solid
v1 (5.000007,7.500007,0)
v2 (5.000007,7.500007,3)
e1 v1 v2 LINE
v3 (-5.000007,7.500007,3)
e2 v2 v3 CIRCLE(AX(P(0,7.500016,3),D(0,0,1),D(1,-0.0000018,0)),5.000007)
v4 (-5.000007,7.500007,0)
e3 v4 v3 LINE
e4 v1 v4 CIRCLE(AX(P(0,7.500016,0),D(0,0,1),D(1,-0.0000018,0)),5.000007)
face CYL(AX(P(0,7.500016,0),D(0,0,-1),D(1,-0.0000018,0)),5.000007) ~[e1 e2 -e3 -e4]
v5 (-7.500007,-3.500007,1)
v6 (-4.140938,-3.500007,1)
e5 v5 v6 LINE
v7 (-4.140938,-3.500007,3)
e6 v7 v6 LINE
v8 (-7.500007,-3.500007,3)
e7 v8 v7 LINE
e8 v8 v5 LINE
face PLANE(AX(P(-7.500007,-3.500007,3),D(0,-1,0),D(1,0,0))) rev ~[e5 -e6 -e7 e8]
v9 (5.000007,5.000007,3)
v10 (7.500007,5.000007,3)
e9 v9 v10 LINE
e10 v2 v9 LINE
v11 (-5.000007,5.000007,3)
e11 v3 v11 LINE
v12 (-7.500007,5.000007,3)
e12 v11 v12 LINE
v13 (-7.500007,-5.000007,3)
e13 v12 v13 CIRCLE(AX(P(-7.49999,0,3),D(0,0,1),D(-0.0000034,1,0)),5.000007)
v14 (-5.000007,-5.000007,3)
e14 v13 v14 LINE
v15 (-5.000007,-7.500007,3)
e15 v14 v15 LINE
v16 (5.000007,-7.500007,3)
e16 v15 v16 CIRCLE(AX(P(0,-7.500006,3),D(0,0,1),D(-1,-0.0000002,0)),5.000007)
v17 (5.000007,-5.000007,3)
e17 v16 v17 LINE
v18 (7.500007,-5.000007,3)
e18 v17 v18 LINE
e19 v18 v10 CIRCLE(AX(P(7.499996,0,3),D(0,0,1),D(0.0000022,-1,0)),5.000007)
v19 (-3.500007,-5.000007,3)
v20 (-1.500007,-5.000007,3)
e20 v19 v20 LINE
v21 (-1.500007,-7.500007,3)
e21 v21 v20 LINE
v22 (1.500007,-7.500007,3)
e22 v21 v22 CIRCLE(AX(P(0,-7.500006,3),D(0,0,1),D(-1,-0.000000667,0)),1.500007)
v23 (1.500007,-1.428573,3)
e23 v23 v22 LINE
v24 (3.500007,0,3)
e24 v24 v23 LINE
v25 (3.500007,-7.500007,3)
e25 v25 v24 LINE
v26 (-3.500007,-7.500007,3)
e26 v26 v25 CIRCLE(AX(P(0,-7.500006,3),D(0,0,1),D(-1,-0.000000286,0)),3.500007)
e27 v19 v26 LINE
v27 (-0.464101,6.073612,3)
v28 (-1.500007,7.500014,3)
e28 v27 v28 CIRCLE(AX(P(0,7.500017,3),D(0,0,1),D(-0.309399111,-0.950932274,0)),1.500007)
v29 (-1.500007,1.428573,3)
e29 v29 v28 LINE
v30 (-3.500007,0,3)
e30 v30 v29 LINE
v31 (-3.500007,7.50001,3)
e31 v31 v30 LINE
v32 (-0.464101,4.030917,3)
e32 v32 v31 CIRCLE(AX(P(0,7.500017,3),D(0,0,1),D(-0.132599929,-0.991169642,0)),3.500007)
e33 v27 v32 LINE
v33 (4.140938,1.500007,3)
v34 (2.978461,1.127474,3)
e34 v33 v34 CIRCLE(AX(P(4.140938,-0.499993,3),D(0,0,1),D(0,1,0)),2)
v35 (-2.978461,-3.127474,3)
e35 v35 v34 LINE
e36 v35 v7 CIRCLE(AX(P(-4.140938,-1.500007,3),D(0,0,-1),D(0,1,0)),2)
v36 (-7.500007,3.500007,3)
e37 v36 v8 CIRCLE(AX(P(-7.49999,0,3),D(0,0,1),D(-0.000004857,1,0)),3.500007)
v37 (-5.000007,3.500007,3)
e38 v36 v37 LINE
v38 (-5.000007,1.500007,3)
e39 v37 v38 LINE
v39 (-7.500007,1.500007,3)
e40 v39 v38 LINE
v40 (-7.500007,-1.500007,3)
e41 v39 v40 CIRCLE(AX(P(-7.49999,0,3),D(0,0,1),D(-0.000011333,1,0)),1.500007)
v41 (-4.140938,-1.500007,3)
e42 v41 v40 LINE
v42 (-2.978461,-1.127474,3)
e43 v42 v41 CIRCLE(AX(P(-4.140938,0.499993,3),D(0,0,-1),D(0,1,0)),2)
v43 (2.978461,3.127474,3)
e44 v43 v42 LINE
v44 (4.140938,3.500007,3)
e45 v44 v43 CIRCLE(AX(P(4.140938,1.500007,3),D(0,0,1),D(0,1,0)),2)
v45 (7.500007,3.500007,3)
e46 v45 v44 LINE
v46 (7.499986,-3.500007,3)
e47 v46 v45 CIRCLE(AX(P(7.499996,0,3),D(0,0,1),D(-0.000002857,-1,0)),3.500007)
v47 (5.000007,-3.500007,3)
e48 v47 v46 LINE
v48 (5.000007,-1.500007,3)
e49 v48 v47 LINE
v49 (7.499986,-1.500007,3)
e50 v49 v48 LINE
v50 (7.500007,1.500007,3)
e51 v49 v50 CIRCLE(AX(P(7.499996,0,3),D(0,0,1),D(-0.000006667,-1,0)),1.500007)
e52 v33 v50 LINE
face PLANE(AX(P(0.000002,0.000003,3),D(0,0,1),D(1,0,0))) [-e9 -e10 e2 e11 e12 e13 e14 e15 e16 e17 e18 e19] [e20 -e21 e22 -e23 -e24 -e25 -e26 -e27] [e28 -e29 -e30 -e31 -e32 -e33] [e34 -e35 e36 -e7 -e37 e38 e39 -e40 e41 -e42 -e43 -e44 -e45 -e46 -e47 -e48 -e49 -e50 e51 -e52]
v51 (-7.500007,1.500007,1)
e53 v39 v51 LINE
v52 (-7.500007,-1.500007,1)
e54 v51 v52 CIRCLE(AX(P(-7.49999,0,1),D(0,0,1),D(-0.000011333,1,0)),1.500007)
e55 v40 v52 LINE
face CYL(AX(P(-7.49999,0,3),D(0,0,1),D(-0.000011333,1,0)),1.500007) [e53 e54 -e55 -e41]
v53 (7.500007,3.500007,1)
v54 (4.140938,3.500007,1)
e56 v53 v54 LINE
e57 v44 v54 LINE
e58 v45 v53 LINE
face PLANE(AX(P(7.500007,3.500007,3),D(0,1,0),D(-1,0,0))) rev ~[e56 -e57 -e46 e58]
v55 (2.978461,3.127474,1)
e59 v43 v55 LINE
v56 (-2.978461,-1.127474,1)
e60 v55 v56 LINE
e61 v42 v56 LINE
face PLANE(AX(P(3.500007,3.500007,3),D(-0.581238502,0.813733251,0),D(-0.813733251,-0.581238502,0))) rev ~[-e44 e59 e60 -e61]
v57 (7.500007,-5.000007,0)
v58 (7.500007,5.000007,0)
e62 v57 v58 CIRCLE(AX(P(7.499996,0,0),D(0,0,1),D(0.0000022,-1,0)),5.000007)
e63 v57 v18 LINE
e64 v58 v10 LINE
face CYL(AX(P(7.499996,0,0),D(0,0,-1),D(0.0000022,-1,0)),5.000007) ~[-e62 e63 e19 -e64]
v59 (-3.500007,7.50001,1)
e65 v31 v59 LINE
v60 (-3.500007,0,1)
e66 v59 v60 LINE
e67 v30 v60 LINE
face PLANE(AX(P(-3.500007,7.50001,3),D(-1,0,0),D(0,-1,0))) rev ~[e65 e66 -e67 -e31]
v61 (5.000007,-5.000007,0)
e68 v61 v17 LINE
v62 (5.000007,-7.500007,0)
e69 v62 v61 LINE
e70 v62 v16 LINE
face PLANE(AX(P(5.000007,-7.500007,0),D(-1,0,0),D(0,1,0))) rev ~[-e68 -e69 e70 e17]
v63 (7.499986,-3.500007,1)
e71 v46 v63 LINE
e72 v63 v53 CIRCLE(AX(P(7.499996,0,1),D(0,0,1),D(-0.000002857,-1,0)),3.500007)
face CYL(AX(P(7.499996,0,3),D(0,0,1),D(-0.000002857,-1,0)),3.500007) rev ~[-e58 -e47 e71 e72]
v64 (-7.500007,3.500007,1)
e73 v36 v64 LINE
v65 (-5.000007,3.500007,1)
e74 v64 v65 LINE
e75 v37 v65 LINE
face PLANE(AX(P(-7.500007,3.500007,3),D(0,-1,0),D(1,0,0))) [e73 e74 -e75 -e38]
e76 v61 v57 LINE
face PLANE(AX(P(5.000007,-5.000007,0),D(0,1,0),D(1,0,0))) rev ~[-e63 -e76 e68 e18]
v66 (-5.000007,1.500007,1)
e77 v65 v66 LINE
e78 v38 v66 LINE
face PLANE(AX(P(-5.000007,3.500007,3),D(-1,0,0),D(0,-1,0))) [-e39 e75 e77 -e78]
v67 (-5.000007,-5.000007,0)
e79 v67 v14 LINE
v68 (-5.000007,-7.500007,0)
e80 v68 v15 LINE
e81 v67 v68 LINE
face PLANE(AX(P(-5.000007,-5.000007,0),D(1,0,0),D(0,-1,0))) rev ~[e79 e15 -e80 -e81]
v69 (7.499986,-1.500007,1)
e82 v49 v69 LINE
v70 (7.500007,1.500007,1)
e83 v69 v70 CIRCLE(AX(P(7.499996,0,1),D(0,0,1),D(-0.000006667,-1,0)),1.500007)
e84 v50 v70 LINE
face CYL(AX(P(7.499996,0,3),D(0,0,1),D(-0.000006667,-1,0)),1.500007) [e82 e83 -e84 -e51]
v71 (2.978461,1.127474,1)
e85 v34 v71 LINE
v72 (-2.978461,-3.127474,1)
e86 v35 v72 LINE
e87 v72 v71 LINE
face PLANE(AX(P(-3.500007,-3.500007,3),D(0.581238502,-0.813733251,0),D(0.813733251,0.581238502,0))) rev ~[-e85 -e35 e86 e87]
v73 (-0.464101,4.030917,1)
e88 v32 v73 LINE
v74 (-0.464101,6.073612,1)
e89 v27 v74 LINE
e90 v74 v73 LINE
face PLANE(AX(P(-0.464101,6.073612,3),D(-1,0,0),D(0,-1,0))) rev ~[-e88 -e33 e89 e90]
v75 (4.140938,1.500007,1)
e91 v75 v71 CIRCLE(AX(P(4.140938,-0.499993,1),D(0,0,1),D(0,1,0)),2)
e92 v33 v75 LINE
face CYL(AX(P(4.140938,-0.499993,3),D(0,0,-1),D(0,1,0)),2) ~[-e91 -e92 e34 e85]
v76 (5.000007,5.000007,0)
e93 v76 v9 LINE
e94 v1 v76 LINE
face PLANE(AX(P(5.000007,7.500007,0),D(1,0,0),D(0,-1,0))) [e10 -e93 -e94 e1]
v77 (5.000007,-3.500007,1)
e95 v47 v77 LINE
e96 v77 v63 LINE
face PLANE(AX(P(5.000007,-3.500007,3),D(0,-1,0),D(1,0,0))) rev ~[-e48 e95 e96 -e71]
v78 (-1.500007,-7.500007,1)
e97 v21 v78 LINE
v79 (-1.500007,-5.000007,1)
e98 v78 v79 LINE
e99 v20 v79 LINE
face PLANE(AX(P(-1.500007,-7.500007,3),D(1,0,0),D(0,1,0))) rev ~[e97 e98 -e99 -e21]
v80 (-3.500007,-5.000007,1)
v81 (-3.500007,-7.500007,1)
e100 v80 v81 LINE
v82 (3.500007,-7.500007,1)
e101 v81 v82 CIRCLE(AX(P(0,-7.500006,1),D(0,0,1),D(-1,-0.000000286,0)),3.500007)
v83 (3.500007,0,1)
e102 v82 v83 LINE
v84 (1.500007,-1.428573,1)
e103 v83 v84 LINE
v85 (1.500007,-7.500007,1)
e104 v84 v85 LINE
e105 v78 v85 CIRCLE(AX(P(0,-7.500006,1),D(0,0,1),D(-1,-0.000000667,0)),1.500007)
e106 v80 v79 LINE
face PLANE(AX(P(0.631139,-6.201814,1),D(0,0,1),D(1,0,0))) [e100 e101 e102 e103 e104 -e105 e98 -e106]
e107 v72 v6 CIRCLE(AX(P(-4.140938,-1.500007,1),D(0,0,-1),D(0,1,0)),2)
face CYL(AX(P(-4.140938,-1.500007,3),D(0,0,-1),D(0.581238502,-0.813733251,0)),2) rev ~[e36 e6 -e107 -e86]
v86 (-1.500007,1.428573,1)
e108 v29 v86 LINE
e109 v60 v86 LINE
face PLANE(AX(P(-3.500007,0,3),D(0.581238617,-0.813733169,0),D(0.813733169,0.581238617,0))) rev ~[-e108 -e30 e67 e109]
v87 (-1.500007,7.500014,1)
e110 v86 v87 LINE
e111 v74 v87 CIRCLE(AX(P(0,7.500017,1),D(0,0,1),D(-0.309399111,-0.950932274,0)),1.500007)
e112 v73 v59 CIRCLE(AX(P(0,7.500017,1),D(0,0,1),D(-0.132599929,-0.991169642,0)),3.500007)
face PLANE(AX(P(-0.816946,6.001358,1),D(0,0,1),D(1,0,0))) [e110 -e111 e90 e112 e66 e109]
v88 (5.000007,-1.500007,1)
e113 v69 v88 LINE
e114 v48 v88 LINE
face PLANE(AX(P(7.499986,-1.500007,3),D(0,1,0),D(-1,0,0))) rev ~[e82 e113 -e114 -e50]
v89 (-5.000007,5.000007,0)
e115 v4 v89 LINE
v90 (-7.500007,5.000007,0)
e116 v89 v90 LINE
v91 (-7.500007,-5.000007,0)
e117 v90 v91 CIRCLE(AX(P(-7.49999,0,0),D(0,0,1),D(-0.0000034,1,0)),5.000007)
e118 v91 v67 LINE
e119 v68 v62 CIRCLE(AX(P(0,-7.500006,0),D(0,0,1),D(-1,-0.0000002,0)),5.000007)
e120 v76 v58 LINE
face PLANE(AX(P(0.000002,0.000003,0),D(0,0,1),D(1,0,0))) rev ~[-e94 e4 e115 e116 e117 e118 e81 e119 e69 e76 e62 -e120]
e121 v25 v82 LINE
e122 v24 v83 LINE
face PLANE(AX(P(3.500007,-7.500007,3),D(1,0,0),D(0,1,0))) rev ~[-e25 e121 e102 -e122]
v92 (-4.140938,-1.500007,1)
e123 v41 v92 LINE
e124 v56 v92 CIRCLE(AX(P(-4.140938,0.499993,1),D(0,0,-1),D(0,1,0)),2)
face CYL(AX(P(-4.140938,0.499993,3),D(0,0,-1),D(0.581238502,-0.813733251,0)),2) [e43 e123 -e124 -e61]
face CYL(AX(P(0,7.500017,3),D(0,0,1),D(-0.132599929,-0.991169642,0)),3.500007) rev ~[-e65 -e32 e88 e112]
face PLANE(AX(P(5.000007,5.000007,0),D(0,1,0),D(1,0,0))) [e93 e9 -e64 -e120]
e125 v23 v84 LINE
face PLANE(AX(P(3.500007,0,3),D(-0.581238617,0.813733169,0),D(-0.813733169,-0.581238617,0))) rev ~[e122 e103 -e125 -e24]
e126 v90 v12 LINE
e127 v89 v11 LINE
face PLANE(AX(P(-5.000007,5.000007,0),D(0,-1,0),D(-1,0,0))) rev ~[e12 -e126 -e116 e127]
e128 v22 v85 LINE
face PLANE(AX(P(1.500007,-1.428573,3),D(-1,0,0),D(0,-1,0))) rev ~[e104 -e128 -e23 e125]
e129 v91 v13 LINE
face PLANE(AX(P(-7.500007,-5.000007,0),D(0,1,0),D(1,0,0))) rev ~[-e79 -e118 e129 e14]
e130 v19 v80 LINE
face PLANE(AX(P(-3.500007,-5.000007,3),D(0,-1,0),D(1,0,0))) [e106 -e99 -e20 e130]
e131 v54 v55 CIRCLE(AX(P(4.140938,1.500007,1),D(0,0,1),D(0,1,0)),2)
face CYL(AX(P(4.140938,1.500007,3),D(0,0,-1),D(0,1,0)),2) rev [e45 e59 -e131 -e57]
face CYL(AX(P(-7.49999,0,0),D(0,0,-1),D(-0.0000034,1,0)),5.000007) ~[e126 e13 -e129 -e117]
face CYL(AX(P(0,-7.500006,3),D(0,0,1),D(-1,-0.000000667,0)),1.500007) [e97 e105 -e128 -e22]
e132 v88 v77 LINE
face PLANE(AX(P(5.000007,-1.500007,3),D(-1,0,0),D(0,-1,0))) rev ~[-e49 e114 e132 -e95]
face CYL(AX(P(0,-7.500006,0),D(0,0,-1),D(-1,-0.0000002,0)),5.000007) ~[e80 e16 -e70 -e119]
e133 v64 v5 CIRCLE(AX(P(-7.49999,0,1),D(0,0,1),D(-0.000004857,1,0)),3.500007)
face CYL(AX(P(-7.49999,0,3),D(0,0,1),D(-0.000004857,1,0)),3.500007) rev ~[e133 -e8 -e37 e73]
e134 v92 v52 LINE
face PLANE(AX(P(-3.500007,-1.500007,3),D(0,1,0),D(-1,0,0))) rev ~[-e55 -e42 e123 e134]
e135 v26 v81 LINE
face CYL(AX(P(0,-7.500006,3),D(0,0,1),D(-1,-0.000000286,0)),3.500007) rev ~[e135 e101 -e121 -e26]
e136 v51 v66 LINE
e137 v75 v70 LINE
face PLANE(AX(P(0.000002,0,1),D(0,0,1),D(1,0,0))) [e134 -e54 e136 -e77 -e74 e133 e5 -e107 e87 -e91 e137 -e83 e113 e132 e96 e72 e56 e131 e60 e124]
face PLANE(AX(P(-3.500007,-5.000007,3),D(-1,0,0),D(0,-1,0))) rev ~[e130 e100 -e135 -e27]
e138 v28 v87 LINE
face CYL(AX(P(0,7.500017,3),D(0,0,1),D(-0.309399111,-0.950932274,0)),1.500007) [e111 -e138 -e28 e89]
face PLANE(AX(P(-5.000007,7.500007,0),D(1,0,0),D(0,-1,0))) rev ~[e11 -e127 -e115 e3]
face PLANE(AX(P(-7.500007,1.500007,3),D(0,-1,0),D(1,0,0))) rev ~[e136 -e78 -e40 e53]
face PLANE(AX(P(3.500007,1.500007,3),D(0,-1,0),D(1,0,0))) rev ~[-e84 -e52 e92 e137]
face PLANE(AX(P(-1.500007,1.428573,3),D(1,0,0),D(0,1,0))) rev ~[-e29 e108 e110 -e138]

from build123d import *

# Parameters (mm, degrees)
PAD_DEPTH    = 3
POCKET_DEPTH = 2
FILLET_R     = 2
FILLET001_R  = 2
FILLET002_R  = 2
FILLET003_R  = 2


with BuildPart() as part:
    # Sketch → Pad (new body)
    with BuildSketch(Plane.XY):
        with BuildLine():
            ThreePointArc((5.000007, 7.500007), (0, 12.500023), (-5.000007, 7.500007))
            Line((-5.000007, 7.500007), (-5.000007, 5.000007))
            Line((-5.000007, 5.000007), (-7.500007, 5.000007))
            ThreePointArc((-7.500007, 5.000007), (-12.499997, 0), (-7.500007, -5.000007))
            Line((-7.500007, -5.000007), (-5.000007, -5.000007))
            Line((-5.000007, -5.000007), (-5.000007, -7.500007))
            ThreePointArc((-5.000007, -7.500007), (0, -12.500013), (5.000007, -7.500007))
            Line((5.000007, -7.500007), (5.000007, -5.000007))
            Line((5.000007, -5.000007), (7.500007, -5.000007))
            ThreePointArc((7.500007, -5.000007), (12.500003, 0), (7.500007, 5.000007))
            Line((5.000007, 5.000007), (7.500007, 5.000007))
            Line((5.000007, 7.500007), (5.000007, 5.000007))
        make_face()
    extrude(amount=PAD_DEPTH)

    # Sketch001 → Pocket (cut)
    with BuildSketch(Plane.XY.offset(3)):
        with BuildLine():
            ThreePointArc((-7.500007, 3.500007), (-10.999997, 0), (-7.500007, -3.500007))
            Line((-7.500007, -3.500007), (-3.500007, -3.500007))
            Line((-3.500007, -3.500007), (3.500007, 1.500007))
            Line((3.500007, 1.500007), (7.500007, 1.500007))
            ThreePointArc((7.499986, -1.500007), (9.000003, -1e-05), (7.500007, 1.500007))
            Line((7.499986, -1.500007), (5.000007, -1.500007))
            Line((5.000007, -1.500007), (5.000007, -3.500007))
            Line((5.000007, -3.500007), (7.499986, -3.500007))
            ThreePointArc((7.499986, -3.500007), (11.000003, -1e-05), (7.500007, 3.500007))
            Line((7.500007, 3.500007), (3.500007, 3.500007))
            Line((3.500007, 3.500007), (-3.500007, -1.500007))
            Line((-3.500007, -1.500007), (-7.500007, -1.500007))
            ThreePointArc((-7.500007, 1.500007), (-8.999997, 0), (-7.500007, -1.500007))
            Line((-7.500007, 1.500007), (-5.000007, 1.500007))
            Line((-5.000007, 3.500007), (-5.000007, 1.500007))
            Line((-7.500007, 3.500007), (-5.000007, 3.500007))
        make_face()
        with BuildLine():
            Line((-3.500007, -5.000007), (-3.500007, -7.500007))
            ThreePointArc((-3.500007, -7.500007), (0, -11.000013), (3.500007, -7.500007))
            Line((3.500007, -7.500007), (3.500007, 0))
            Line((3.500007, 0), (1.500007, -1.428573))
            Line((1.500007, -1.428573), (1.500007, -7.500007))
            ThreePointArc((-1.500007, -7.500007), (0, -9.000013), (1.500007, -7.500007))
            Line((-1.500007, -7.500007), (-1.500007, -5.000007))
            Line((-3.500007, -5.000007), (-1.500007, -5.000007))
        make_face()
        with BuildLine():
            ThreePointArc((-0.464101, 4.030917), (2.633854, 9.804981), (-3.500007, 7.50001))
            Line((-3.500007, 7.50001), (-3.500007, 0))
            Line((-3.500007, 0), (-1.500007, 1.428573))
            Line((-1.500007, 1.428573), (-1.500007, 7.500014))
            ThreePointArc((-0.464101, 6.073612), (1.213707, 8.381456), (-1.500007, 7.500014))
            Line((-0.464101, 6.073612), (-0.464101, 4.030917))
        make_face()
    extrude(amount=-POCKET_DEPTH, mode=Mode.SUBTRACT)

    # Fillet
    fillet_edges = [part.edges().sort_by_distance(p)[0] for p in [
        (3.500007, 3.500007, 2),
    ]]
    fillet(fillet_edges, radius=FILLET_R)

    # Fillet001
    fillet001_edges = [part.edges().sort_by_distance(p)[0] for p in [
        (-3.500007, -1.500007, 2),
    ]]
    fillet(fillet001_edges, radius=FILLET001_R)

    # Fillet002
    fillet002_edges = [part.edges().sort_by_distance(p)[0] for p in [
        (3.500007, 1.500007, 2),
    ]]
    fillet(fillet002_edges, radius=FILLET002_R)

    # Fillet003
    fillet003_edges = [part.edges().sort_by_distance(p)[0] for p in [
        (-3.500007, -3.500007, 2),
    ]]
    fillet(fillet003_edges, radius=FILLET003_R)


solid = part.part
